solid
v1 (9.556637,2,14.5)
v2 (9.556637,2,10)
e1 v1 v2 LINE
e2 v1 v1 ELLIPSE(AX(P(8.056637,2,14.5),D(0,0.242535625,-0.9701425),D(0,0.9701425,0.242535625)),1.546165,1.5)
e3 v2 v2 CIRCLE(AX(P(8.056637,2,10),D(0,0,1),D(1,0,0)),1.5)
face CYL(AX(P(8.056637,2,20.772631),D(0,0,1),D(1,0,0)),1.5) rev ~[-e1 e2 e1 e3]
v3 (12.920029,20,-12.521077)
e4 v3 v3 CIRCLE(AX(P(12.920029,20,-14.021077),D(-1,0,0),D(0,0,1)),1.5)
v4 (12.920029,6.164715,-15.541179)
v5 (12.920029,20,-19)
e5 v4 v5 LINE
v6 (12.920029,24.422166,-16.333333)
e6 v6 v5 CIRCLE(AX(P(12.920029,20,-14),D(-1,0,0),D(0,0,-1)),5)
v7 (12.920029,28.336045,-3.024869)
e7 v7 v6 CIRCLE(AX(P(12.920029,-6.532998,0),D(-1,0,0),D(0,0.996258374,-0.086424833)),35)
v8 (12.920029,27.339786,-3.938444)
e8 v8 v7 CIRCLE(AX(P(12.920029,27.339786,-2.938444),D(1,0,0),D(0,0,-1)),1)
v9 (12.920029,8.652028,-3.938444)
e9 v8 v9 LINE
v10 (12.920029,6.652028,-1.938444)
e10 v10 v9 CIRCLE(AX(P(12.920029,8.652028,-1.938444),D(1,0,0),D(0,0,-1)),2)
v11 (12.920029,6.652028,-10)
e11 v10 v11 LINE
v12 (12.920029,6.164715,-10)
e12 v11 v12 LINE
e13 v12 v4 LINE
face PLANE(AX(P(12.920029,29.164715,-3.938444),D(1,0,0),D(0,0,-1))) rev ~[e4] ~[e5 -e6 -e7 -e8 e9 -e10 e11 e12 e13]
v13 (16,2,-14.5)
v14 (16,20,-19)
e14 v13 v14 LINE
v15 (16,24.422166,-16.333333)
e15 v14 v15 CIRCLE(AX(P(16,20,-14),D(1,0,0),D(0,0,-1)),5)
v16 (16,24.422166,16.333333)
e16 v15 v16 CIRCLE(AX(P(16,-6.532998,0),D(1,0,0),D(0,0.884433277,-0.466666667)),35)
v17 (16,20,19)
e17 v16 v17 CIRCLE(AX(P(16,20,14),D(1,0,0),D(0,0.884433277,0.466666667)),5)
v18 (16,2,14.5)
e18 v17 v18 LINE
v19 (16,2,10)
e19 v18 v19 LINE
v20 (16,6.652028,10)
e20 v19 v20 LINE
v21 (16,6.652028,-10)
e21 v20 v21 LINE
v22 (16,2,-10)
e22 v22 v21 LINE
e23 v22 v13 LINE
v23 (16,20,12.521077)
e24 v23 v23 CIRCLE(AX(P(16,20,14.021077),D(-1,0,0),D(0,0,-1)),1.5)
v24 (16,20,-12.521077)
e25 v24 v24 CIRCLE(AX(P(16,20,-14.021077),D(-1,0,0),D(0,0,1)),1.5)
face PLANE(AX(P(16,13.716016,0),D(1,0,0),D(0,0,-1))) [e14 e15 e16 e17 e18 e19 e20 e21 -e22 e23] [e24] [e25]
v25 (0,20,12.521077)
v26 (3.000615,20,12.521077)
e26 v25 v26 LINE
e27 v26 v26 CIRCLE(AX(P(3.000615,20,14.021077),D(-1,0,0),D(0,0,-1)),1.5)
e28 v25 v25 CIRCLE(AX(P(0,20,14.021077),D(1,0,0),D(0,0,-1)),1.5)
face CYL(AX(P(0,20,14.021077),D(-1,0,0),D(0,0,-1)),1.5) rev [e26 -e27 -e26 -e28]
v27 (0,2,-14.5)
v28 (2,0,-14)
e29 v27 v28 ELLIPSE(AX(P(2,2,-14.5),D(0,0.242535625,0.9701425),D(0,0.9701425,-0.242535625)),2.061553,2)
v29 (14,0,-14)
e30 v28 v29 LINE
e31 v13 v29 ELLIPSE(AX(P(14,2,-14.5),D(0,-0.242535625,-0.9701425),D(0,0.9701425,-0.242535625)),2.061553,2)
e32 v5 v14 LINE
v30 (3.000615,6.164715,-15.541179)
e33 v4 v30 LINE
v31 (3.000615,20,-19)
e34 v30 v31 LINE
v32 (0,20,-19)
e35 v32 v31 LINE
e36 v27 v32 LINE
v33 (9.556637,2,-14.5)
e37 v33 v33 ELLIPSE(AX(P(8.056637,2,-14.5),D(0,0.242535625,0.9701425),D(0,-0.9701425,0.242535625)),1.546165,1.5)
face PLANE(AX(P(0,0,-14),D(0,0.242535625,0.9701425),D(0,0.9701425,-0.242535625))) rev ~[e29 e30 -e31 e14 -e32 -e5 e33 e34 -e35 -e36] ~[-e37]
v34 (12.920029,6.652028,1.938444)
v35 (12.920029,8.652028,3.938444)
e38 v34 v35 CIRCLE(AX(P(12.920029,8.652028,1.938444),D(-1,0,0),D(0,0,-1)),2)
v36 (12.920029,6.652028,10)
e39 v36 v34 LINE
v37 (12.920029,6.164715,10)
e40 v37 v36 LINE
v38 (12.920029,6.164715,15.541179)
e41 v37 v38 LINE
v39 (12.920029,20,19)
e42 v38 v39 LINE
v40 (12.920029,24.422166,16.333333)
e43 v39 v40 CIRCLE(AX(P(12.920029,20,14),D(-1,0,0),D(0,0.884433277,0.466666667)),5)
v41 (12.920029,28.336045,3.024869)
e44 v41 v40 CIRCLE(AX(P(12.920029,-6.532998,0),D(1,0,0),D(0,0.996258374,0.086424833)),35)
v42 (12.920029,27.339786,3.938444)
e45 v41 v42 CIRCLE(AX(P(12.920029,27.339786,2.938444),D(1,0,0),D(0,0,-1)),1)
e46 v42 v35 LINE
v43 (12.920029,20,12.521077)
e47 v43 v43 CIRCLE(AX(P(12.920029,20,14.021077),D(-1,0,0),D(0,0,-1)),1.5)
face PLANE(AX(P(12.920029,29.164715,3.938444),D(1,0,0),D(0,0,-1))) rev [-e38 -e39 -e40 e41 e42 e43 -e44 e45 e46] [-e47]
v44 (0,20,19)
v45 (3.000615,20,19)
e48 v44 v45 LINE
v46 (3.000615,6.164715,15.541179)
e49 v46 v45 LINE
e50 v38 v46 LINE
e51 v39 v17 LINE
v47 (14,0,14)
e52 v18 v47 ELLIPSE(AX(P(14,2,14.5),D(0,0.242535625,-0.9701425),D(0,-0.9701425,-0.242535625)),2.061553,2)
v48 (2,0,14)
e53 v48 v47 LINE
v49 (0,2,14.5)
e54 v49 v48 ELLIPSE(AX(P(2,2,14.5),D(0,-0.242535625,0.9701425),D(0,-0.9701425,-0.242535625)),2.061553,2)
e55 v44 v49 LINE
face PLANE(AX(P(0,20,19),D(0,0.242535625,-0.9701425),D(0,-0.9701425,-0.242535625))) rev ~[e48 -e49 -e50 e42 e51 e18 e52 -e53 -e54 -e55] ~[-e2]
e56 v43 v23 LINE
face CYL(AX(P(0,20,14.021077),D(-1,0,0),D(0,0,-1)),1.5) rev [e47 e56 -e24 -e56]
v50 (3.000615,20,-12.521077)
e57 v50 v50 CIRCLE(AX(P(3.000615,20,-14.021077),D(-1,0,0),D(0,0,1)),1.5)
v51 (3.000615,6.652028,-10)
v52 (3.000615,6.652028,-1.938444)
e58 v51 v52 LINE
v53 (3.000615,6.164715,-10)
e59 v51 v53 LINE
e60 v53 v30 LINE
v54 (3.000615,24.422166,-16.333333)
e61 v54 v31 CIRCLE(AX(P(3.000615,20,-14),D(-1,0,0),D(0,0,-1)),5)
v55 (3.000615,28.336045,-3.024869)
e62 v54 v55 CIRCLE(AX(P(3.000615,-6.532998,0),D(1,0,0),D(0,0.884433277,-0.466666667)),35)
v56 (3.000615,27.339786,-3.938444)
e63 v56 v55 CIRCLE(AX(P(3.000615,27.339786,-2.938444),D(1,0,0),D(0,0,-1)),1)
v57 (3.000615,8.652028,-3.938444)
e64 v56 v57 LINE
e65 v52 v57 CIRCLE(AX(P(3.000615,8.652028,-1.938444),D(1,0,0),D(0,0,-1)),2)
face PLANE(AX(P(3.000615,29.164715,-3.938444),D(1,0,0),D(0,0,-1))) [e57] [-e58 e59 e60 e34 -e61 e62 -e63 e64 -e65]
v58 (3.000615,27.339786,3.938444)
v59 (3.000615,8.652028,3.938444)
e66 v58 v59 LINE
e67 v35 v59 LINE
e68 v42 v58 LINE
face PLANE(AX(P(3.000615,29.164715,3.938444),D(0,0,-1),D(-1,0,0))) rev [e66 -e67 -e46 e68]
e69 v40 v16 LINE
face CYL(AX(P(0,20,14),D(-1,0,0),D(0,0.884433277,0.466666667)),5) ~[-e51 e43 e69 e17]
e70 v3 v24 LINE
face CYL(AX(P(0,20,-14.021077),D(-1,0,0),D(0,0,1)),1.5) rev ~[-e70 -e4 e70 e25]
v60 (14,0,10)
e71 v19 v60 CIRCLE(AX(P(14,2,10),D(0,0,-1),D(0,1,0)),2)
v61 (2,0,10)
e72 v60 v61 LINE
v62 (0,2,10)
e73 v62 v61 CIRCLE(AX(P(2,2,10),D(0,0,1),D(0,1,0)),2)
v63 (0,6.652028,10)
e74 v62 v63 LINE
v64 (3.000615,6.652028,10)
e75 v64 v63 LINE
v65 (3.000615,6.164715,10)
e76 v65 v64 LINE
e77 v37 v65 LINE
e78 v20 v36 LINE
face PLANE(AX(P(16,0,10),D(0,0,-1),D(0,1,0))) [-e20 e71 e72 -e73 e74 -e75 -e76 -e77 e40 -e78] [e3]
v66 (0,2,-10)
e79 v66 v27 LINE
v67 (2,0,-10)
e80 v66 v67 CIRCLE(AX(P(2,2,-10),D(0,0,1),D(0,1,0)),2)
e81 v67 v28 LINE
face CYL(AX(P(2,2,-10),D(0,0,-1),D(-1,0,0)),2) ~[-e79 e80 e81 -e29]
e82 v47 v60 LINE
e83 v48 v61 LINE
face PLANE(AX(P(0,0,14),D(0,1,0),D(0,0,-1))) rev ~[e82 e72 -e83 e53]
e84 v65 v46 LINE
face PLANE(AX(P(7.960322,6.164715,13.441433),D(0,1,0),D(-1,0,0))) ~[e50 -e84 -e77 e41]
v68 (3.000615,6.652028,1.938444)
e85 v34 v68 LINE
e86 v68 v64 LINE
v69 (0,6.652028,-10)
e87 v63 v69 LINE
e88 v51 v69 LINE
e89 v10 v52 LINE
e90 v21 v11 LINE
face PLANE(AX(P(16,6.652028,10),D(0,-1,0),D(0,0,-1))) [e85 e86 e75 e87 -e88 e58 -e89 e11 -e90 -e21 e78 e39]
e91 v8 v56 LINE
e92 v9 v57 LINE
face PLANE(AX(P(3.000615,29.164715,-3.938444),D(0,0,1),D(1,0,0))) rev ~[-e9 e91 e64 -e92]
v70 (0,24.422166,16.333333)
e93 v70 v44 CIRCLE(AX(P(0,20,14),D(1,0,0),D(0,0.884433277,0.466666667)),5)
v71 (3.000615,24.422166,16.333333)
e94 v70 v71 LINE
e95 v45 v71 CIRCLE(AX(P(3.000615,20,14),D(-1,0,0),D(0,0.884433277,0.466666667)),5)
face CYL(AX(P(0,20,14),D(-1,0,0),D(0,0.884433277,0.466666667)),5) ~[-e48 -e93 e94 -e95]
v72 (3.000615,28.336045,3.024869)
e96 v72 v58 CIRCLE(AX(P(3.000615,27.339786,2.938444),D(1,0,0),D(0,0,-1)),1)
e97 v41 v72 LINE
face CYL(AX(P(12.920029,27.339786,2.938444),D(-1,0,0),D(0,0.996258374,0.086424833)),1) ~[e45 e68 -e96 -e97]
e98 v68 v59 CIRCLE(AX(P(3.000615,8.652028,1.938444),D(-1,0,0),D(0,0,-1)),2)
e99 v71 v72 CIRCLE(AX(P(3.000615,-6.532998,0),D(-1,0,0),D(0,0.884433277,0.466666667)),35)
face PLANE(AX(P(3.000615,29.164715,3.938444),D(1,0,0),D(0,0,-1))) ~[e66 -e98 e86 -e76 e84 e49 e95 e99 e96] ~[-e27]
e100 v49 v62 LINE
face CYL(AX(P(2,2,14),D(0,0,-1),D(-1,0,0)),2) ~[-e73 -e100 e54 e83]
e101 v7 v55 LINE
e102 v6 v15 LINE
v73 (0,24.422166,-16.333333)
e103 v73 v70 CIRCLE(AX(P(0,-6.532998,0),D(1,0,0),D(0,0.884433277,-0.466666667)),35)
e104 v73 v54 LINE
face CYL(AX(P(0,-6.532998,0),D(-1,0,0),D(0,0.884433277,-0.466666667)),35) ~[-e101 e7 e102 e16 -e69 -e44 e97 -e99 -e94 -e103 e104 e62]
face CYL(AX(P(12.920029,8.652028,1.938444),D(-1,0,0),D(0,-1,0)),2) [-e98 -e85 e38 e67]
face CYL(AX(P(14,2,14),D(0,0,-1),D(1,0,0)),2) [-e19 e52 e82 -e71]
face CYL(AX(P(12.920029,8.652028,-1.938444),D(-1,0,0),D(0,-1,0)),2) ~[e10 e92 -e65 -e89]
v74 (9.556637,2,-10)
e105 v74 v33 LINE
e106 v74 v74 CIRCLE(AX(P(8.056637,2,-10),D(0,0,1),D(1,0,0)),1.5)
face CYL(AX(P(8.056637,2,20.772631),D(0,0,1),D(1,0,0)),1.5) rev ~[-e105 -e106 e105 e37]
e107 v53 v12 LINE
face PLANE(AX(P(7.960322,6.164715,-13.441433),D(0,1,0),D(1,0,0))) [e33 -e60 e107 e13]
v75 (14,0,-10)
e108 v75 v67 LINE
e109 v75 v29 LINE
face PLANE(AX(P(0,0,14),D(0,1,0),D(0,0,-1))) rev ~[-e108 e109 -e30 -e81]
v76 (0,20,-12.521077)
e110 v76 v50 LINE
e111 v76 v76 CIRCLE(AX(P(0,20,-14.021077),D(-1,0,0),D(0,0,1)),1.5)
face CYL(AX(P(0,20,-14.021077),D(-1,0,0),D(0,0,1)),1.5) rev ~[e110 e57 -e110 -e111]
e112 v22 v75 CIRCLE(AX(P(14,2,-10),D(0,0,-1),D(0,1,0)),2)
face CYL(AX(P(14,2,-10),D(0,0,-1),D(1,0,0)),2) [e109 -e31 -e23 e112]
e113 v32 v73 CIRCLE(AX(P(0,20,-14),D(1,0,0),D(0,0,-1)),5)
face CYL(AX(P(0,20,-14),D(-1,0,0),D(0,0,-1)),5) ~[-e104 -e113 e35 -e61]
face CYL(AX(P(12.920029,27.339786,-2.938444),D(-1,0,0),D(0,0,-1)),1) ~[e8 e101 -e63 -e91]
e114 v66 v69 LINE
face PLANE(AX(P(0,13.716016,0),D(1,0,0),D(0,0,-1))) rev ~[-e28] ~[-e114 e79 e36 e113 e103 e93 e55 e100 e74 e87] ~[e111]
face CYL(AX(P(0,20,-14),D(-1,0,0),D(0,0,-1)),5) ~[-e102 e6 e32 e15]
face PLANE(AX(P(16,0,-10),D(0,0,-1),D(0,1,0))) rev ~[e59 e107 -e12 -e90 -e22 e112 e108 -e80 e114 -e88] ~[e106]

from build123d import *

# Parameters (mm, degrees)
BOSS_EXTRUDE1_DEPTH = 16
SKETCH4_W           = 20
SKETCH4_H           = 6.652028381
CUT_EXTRUDE1_DEPTH  = 17
SKETCH5_R           = 1.5
CUT_EXTRUDE2_DEPTH  = 17
SKETCH6_W           = 9.919414232
SKETCH6_H           = 19.005976718
CUT_EXTRUDE3_DEPTH  = 23
FILLET3_R           = 2
FILLET6_R           = 1
SKETCH7_R           = 1.5
CUT_EXTRUDE4_DEPTH  = 40.7726311
FILLET7_R           = 2


with BuildPart() as part:
    # Sketch3 → Boss-Extrude1 (new body)
    with BuildSketch(Plane(origin=(0, 0, 0), x_dir=(0, 0, -1), z_dir=(1, 0, 0))):
        with BuildLine():
            Line((-14, 0), (14, 0))
            Line((14, 0), (19, 20))
            ThreePointArc((19, 20), (18.281744193, 22.581988897), (16.333333333, 24.422166387))
            ThreePointArc((16.333333333, 24.422166387), (0, 28.467001677), (-16.333333333, 24.422166387))
            ThreePointArc((-16.333333333, 24.422166387), (-18.281744193, 22.581988897), (-19, 20))
            Line((-19, 20), (-14, 0))
        make_face()
    extrude(amount=BOSS_EXTRUDE1_DEPTH)

    # Sketch4 → Cut-Extrude1 (cut, through all)
    with BuildSketch(Plane(origin=(16, 0, 0), x_dir=(0, 0, -1), z_dir=(1, 0, 0))):
        with Locations((0, 3.326014191)):
            Rectangle(SKETCH4_W, SKETCH4_H)
    extrude(amount=-CUT_EXTRUDE1_DEPTH, mode=Mode.SUBTRACT)

    # Sketch5 → Cut-Extrude2 (cut, through all)
    with BuildSketch(Plane.ZY):
        with Locations((-14.02107691, 20)):
            Circle(SKETCH5_R)
    cut_extrude2 = extrude(amount=-CUT_EXTRUDE2_DEPTH, mode=Mode.SUBTRACT)

    # Mirror3: Cut-Extrude2 across plane
    add(cut_extrude2.mirror(Plane.XY), mode=Mode.SUBTRACT)

    # Sketch6 → Cut-Extrude3 (cut)
    with BuildSketch(Plane(origin=(0, 29.164714895, 0), x_dir=(1, 0, 0), z_dir=(0, 1, 0))):
        with Locations((7.960322343, 13.441432697)):
            Rectangle(SKETCH6_W, SKETCH6_H)
    cut_extrude3 = extrude(amount=-CUT_EXTRUDE3_DEPTH, mode=Mode.SUBTRACT)

    # Mirror4: Cut-Extrude3 across plane
    add(cut_extrude3.mirror(Plane.XY), mode=Mode.SUBTRACT)

    # Fillet3
    fillet3_edges = [part.edges().sort_by_distance(p)[0] for p in [
        (7.960322343, 6.652028381, -3.938444338),
        (7.960322343, 6.652028381, 3.938444338),
    ]]
    fillet(fillet3_edges, radius=FILLET3_R)

    # Fillet6
    fillet6_edges = [part.edges().sort_by_distance(p)[0] for p in [
        (7.960322343, 28.244705112, -3.938444338),
        (7.960322343, 28.244705112, 3.938444338),
    ]]
    fillet(fillet6_edges, radius=FILLET6_R)

    # Sketch7 → Cut-Extrude4 (cut, through all)
    with BuildSketch(Plane.XY.offset(20.7726311)):
        with Locations((8.056637232, 2)):
            Circle(SKETCH7_R)
    extrude(amount=-CUT_EXTRUDE4_DEPTH, mode=Mode.SUBTRACT)

    # Fillet7
    fillet7_edges = [part.edges().sort_by_distance(p)[0] for p in [
        (0, 0, -12),
        (16, 0, -12),
        (16, 0, 12),
        (0, 0, 12),
    ]]
    fillet(fillet7_edges, radius=FILLET7_R)


solid = part.part
